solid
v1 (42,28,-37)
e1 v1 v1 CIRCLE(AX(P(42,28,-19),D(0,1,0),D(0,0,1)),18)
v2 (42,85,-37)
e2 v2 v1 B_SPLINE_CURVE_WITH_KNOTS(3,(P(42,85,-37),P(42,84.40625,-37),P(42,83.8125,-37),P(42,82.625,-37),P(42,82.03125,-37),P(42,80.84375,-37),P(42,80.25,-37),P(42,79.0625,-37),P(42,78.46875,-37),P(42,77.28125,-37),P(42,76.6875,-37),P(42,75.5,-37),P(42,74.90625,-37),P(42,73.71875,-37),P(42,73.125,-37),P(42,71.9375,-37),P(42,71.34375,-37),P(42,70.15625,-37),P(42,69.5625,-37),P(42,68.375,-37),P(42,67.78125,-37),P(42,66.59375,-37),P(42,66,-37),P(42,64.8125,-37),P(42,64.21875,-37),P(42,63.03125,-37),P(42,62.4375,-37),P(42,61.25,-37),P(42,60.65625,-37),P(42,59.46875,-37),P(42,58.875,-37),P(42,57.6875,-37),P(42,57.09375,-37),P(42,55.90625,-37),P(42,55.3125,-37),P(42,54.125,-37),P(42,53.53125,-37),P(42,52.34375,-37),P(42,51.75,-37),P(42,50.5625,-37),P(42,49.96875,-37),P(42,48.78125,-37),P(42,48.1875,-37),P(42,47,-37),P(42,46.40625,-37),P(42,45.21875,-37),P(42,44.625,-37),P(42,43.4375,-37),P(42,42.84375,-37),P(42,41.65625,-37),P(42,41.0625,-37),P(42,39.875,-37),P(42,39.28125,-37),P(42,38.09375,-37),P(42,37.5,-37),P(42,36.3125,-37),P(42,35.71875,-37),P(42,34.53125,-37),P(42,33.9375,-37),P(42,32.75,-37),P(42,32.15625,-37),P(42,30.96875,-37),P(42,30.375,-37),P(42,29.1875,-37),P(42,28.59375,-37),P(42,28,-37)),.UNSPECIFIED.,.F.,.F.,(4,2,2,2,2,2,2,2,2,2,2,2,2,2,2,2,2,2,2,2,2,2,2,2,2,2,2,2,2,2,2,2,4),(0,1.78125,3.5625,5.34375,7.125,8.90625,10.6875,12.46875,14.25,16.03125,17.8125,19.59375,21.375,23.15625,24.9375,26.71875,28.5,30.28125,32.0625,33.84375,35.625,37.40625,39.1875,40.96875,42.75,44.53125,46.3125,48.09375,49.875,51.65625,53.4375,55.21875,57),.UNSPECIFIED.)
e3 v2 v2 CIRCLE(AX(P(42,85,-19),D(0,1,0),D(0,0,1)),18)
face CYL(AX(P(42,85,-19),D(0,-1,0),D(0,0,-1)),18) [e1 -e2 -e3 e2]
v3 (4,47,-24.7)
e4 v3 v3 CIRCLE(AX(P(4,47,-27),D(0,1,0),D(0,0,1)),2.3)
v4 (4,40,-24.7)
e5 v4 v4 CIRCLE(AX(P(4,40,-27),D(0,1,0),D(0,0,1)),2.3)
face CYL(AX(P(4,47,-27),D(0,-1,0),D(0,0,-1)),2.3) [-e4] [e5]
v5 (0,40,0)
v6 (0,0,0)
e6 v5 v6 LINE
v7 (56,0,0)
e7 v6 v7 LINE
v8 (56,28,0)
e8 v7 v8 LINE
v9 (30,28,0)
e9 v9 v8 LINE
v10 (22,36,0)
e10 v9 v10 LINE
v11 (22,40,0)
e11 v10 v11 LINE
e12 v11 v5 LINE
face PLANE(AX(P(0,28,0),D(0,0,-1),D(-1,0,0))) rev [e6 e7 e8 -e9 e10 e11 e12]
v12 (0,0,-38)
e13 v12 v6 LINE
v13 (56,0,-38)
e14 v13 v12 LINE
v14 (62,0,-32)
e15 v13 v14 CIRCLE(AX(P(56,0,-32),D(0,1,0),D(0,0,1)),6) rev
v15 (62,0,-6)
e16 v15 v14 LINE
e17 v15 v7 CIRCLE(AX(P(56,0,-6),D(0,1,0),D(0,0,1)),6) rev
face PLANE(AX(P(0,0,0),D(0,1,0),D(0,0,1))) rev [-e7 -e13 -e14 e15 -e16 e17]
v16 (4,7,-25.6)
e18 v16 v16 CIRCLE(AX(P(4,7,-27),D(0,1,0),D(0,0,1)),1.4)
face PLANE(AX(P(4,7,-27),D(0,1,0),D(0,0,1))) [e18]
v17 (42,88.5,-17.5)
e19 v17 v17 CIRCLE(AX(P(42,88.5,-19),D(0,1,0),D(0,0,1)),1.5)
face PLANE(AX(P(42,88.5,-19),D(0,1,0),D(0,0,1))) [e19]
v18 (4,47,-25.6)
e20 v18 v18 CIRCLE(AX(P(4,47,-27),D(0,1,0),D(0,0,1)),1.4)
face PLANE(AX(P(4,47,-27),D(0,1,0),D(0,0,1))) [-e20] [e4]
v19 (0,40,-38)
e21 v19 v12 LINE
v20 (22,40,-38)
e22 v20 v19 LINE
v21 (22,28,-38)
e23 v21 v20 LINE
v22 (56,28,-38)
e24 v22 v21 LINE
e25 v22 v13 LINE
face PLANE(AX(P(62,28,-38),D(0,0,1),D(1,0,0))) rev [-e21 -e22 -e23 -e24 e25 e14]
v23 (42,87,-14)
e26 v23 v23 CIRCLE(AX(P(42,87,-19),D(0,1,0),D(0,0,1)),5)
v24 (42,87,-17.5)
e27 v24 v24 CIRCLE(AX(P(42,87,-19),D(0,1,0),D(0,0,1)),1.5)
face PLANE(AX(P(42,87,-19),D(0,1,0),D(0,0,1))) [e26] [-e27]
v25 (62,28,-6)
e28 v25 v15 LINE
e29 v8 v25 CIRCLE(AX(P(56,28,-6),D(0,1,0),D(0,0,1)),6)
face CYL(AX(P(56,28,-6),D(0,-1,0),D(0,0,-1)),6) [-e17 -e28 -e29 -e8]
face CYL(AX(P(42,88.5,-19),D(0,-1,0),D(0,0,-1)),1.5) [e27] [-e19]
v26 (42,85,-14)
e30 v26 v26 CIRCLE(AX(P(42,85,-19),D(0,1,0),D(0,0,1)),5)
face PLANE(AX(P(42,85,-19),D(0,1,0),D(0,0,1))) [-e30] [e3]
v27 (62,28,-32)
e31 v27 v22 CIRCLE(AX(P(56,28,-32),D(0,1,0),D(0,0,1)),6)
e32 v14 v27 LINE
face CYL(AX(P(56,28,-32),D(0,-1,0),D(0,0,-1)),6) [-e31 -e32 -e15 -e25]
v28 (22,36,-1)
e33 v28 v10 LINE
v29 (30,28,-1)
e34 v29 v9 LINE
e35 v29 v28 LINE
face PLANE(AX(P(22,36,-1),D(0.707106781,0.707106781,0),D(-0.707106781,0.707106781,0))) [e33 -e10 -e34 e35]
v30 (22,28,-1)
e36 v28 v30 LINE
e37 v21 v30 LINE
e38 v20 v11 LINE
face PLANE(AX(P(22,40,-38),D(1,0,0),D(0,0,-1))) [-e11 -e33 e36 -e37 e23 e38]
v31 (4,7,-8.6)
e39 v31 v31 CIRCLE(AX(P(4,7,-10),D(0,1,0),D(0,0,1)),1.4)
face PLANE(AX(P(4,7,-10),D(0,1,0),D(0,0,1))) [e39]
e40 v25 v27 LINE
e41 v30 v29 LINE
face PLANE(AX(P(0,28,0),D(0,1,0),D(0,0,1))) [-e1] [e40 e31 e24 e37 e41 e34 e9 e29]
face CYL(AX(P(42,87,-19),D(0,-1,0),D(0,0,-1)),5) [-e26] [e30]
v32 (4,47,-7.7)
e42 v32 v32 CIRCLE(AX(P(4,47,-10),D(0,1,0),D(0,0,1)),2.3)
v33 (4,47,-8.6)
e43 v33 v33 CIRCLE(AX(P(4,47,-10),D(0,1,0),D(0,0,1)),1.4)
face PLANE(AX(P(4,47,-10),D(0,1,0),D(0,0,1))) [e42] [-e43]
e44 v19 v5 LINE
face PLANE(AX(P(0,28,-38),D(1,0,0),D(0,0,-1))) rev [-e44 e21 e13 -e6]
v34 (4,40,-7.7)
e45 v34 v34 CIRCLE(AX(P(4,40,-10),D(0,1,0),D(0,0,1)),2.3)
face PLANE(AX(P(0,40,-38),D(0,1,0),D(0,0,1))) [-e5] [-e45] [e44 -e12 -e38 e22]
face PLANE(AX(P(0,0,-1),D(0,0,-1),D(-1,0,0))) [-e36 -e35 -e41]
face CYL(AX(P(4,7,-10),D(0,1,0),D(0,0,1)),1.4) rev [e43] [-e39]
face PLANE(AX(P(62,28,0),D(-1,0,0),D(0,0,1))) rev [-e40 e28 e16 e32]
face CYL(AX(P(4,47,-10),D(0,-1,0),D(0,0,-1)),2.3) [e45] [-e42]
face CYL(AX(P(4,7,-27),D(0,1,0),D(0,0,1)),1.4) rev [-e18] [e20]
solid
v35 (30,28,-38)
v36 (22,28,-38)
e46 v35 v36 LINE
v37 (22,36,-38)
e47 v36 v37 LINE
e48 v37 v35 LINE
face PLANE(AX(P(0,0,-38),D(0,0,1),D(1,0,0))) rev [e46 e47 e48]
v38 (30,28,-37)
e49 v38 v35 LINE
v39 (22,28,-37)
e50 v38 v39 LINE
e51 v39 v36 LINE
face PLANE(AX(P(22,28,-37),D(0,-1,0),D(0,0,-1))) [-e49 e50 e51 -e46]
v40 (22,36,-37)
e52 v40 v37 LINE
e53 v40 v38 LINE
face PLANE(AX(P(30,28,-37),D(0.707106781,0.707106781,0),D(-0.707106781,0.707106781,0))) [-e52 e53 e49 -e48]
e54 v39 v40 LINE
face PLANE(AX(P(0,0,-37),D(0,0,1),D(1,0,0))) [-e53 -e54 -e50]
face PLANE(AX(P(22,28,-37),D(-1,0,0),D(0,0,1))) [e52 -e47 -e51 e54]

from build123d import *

# Parameters (mm, degrees)
ESQUISSE1_W             = 62
ESQUISSE1_H             = 38
BOSS_EXTRU_1_DEPTH      = 28
CONG_1_R                = 6
ESQUISSE3_W             = 22
ESQUISSE3_H             = 12
BOSS_EXTRU_2_DEPTH      = 38
ESQUISSE4_R             = 2.3
BOSS_EXTRU_3_DEPTH      = 7
ESQUISSE5_R             = 1.4
ENL_V_MAT_EXTRU_1_DEPTH = 40
ESQUISSE6_R             = 18
BOSS_EXTRU_4_DEPTH      = 57
ESQUISSE7_R             = 5
BOSS_EXTRU_5_DEPTH      = 2
BOSS_EXTRU_6_DEPTH      = 1
BOSS_EXTRU_7_DEPTH      = 1
ESQUISSE10_R            = 1.5
BOSS_EXTRU_8_DEPTH      = 1.5


with BuildPart() as part:
    # Esquisse1 → Boss.-Extru.1 (new body)
    with BuildSketch(Plane(origin=(0, 0, 0), x_dir=(1, 0, 0), z_dir=(0, 1, 0))):
        with Locations((31, 19)):
            Rectangle(ESQUISSE1_W, ESQUISSE1_H)
    extrude(amount=BOSS_EXTRU_1_DEPTH)

    # Congé1
    cong_1_edges = [part.edges().sort_by_distance(p)[0] for p in [
        (62, 14, -38),
        (62, 14, 0),
    ]]
    fillet(cong_1_edges, radius=CONG_1_R)

    # Esquisse3 → Boss.-Extru.2 (add)
    with BuildSketch(Plane.XY):
        with Locations((11, 34)):
            Rectangle(ESQUISSE3_W, ESQUISSE3_H)
    extrude(amount=-BOSS_EXTRU_2_DEPTH)

    # Esquisse4 → Boss.-Extru.3 (add)
    with BuildSketch(Plane(origin=(0, 40, 0), x_dir=(1, 0, 0), z_dir=(0, 1, 0))):
        with Locations((4, 10)):
            Circle(ESQUISSE4_R)
        with Locations((4, 27)):
            Circle(ESQUISSE4_R)
    extrude(amount=BOSS_EXTRU_3_DEPTH)

    # Esquisse5 → Enlèv. mat.-Extru.1 (cut)
    with BuildSketch(Plane(origin=(0, 47, 0), x_dir=(1, 0, 0), z_dir=(0, 1, 0))):
        with Locations((4, 10)):
            Circle(ESQUISSE5_R)
        with Locations((4, 27)):
            Circle(ESQUISSE5_R)
    extrude(amount=-ENL_V_MAT_EXTRU_1_DEPTH, mode=Mode.SUBTRACT)

    # Esquisse6 → Boss.-Extru.4 (add)
    with BuildSketch(Plane(origin=(0, 28, 0), x_dir=(1, 0, 0), z_dir=(0, 1, 0))):
        with Locations((42, 19)):
            Circle(ESQUISSE6_R)
    extrude(amount=BOSS_EXTRU_4_DEPTH)

    # Esquisse7 → Boss.-Extru.5 (add)
    with BuildSketch(Plane(origin=(0, 85, 0), x_dir=(1, 0, 0), z_dir=(0, 1, 0))):
        with Locations((42, 19)):
            Circle(ESQUISSE7_R)
    extrude(amount=BOSS_EXTRU_5_DEPTH)

    # Esquisse8 → Boss.-Extru.6 (add)
    with BuildSketch(Plane.XY):
        Polygon((22, 28), (30, 28), (22, 36), align=None)
    extrude(amount=-BOSS_EXTRU_6_DEPTH)

    # Esquisse10 → Boss.-Extru.8 (add)
    with BuildSketch(Plane(origin=(0, 87, 0), x_dir=(1, 0, 0), z_dir=(0, 1, 0))):
        with Locations((42, 19)):
            Circle(ESQUISSE10_R)
    extrude(amount=BOSS_EXTRU_8_DEPTH)


with BuildPart() as body_2:
    # Esquisse9 → Boss.-Extru.7 (new body)
    with BuildSketch(Plane(origin=(0, 0, -38), x_dir=(-1, 0, 0), z_dir=(0, 0, -1))):
        Polygon((-22, 28), (-22, 36), (-30, 28), align=None)
    extrude(amount=-BOSS_EXTRU_7_DEPTH)


solid = Compound([part.part, body_2.part])
